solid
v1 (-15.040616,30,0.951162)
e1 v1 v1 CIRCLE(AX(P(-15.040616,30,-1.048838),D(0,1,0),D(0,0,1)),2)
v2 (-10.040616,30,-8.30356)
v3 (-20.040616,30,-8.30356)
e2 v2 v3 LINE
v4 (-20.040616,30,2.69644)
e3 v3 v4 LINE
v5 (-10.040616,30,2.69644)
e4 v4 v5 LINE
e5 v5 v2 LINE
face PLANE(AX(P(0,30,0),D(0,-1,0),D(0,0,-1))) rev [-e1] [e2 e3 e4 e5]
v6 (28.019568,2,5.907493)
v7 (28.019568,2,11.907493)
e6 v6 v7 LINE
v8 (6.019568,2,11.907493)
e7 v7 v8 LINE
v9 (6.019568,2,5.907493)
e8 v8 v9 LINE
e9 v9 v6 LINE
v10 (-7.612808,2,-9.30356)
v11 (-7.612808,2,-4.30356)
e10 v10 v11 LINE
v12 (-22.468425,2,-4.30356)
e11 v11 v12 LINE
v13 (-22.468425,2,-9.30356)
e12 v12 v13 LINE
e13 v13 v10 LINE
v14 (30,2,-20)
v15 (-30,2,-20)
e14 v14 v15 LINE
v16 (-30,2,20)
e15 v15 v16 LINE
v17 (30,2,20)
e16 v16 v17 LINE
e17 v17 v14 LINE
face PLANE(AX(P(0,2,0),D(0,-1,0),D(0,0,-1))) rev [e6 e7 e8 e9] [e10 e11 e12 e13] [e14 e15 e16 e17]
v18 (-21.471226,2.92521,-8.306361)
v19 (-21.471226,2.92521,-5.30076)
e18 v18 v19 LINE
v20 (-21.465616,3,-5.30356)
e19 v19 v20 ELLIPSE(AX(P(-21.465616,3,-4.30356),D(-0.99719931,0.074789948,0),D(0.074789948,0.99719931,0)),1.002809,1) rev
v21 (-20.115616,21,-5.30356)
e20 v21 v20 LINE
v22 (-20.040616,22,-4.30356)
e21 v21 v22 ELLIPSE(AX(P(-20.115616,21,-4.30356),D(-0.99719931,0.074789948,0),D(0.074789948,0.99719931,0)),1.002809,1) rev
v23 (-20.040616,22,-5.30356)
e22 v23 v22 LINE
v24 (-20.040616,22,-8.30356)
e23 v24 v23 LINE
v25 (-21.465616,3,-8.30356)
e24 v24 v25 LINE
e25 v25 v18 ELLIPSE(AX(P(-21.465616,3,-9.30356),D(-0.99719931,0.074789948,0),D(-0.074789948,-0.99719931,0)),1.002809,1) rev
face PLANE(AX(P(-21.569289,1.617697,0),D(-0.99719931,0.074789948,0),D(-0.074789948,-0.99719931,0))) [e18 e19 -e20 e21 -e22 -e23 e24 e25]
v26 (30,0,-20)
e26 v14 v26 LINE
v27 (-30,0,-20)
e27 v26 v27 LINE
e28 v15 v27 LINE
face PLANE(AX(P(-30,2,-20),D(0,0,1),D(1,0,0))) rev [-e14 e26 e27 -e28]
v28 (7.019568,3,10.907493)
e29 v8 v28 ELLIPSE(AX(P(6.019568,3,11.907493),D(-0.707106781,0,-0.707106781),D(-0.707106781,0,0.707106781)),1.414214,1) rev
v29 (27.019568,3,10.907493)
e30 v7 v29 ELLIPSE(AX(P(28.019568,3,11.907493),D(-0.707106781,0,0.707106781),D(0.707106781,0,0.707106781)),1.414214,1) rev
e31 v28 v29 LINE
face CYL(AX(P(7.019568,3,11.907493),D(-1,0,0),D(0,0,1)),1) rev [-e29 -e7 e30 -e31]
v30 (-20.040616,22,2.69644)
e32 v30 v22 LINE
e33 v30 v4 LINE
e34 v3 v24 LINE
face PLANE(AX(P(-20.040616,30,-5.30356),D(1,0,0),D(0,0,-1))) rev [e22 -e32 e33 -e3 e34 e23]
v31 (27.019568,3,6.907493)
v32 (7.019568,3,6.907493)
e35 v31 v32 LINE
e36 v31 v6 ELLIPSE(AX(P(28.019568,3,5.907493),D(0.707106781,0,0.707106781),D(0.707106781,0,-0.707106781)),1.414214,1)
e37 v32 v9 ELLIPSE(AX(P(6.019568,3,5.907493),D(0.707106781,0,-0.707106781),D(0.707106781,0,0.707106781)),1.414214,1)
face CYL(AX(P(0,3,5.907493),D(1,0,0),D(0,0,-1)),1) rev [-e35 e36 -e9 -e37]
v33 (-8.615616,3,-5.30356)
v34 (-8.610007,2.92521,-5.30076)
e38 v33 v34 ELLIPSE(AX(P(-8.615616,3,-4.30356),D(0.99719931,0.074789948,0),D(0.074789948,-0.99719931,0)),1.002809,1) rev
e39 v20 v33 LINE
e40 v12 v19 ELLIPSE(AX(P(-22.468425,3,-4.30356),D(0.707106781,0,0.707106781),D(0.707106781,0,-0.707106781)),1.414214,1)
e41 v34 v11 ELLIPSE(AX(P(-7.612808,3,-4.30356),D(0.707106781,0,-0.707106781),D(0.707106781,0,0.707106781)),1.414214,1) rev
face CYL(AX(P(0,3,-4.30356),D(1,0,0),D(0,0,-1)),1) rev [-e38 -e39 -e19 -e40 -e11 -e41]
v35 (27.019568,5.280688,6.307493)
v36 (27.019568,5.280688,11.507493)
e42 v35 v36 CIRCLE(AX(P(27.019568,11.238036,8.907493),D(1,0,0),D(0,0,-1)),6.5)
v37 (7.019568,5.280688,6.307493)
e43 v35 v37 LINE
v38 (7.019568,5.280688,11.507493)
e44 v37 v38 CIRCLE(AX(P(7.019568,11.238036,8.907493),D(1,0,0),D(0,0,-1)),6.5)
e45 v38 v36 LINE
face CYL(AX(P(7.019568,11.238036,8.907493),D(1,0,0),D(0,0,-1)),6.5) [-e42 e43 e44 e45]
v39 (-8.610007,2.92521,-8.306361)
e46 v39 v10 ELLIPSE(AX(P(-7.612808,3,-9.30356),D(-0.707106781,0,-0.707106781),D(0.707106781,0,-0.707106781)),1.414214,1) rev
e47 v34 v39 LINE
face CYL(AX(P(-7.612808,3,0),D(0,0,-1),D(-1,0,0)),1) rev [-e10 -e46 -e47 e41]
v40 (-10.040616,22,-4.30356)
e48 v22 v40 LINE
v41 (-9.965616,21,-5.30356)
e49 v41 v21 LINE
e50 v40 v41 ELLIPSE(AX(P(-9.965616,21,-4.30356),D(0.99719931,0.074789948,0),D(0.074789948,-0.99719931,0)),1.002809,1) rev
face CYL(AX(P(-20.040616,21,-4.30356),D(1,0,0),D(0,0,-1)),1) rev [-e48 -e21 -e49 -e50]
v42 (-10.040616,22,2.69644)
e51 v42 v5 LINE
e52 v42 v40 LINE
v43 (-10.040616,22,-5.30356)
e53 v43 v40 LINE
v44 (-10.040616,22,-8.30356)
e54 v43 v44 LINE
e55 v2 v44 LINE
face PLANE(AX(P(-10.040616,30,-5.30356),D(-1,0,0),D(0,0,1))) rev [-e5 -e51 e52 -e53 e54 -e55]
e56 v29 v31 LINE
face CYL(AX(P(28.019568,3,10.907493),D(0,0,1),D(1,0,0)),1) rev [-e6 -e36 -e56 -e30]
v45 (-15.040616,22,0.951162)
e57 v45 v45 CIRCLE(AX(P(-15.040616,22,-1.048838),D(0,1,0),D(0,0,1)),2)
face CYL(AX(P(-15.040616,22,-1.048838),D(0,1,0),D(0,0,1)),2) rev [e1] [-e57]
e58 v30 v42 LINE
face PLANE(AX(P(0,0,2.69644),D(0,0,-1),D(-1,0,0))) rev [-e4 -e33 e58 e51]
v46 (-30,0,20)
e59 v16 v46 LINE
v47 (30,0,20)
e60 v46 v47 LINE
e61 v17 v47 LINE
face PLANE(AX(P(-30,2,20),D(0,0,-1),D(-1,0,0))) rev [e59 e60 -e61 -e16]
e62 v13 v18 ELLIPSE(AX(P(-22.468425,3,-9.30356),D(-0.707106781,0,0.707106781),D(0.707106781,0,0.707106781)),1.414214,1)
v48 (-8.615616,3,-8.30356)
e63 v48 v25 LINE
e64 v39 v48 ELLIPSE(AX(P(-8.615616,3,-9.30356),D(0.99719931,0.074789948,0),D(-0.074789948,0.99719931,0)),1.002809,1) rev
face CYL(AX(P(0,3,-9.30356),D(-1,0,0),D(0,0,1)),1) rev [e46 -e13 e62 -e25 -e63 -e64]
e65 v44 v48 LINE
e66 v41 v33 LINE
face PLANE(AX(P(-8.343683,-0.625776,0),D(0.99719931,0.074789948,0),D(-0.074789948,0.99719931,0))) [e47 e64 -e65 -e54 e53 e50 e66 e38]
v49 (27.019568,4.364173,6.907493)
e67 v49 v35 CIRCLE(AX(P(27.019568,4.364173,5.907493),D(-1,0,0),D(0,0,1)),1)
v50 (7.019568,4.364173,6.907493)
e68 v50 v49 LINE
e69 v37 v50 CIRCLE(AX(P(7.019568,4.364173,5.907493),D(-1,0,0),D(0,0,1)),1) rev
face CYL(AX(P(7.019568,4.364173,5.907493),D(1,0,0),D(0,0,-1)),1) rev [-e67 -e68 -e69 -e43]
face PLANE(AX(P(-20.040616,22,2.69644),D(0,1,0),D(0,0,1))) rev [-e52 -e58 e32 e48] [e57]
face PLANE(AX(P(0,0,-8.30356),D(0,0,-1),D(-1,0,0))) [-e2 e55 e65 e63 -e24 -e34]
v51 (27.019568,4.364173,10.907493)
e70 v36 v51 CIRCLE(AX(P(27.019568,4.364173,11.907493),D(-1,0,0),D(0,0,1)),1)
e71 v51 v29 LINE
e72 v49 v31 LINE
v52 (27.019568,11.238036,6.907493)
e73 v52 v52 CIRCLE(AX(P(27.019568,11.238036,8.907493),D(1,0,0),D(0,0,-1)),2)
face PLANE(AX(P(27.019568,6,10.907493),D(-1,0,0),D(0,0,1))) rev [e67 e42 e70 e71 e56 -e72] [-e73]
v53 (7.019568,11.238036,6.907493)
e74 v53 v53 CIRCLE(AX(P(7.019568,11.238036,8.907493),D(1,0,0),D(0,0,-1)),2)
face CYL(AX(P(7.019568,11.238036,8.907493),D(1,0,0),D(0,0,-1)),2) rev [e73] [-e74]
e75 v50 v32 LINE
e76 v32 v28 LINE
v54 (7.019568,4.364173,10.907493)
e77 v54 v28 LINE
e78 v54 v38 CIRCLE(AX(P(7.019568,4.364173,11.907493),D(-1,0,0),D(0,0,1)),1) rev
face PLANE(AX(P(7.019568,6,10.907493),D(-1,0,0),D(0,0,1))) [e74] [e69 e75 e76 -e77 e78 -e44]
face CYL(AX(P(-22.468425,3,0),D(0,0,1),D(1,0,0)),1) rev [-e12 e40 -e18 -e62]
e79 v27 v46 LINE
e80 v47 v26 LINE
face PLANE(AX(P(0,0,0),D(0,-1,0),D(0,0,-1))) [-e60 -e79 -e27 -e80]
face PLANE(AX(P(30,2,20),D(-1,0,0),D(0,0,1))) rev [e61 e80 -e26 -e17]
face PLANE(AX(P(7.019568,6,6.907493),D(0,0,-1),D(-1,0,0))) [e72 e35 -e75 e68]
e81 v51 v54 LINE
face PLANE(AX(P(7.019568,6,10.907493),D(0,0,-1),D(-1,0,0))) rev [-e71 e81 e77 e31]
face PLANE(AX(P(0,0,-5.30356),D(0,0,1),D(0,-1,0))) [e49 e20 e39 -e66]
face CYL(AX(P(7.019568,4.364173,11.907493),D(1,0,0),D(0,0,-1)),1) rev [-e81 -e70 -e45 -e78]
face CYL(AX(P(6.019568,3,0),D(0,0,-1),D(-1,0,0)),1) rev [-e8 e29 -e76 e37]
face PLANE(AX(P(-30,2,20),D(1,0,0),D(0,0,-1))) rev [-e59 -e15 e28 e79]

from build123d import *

# Parameters (mm, degrees)
SKETCH1_W           = 60
SKETCH1_H           = 40
BOSS_EXTRUDE1_DEPTH = 2
SKETCH4_W           = 10
SKETCH4_H           = 3
BOSS_EXTRUDE2_DEPTH = 8
SKETCH6_W           = 10
SKETCH6_H           = 8
BOSS_EXTRUDE5_DEPTH = 8
SKETCH8_R           = 2
CUT_EXTRUDE2_DEPTH  = 8
SKETCH9_W           = 20
SKETCH9_H           = 4
BOSS_EXTRUDE6_DEPTH = 4
SKETCH10_R          = 6.5
SKETCH10_R_2        = 2
BOSS_EXTRUDE7_DEPTH = 20
FILLET1_R           = 1
FILLET2_R           = 1
FILLET3_R           = 1


with BuildPart() as part:
    # Sketch1 → Boss-Extrude1 (new body)
    with BuildSketch(Plane(origin=(0, 0, 0), x_dir=(1, 0, 0), z_dir=(0, 1, 0))):
        Rectangle(SKETCH1_W, SKETCH1_H)
    extrude(amount=BOSS_EXTRUDE1_DEPTH)

    # Sketch3 → Loft1 section 0
    with BuildSketch(Plane(origin=(0, 22, 0), x_dir=(1, 0, 0), z_dir=(0, 1, 0))):
        with BuildLine():
            Line((-20.040616465, 5.303560218), (-10.040616465, 5.303560218))
            Line((-10.040616465, 5.303560218), (-10.040616465, 8.303560218))
            Line((-10.040616465, 8.303560218), (-20.040616465, 8.303560218))
            Line((-20.040616465, 8.303560218), (-20.040616465, 5.303560218))
        make_face()
    # Sketch2 → Loft1 section 1
    with BuildSketch(Plane(origin=(0, 2, 0), x_dir=(1, 0, 0), z_dir=(0, 1, 0))):
        with BuildLine():
            Line((-21.540616465, 5.303560218), (-8.540616465, 5.303560218))
            Line((-8.540616465, 5.303560218), (-8.540616465, 8.303560218))
            Line((-8.540616465, 8.303560218), (-21.540616465, 8.303560218))
            Line((-21.540616465, 8.303560218), (-21.540616465, 5.303560218))
        make_face()
    loft()

    # Sketch4 → Boss-Extrude2 (add)
    with BuildSketch(Plane(origin=(0, 22, 0), x_dir=(1, 0, 0), z_dir=(0, 1, 0))):
        with Locations((-15.040616465, 6.803560218)):
            Rectangle(SKETCH4_W, SKETCH4_H)
    extrude(amount=BOSS_EXTRUDE2_DEPTH)

    # Sketch6 → Boss-Extrude5 (add)
    with BuildSketch(Plane.XY.offset(-5.303560218)):
        with Locations((-15.040616465, 26)):
            Rectangle(SKETCH6_W, SKETCH6_H)
    extrude(amount=BOSS_EXTRUDE5_DEPTH)

    # Sketch8 → Cut-Extrude2 (cut)
    with BuildSketch(Plane(origin=(0, 30, 0), x_dir=(1, 0, 0), z_dir=(0, 1, 0))):
        with Locations(Location((-15.040616465, 1.048838028, 0), (0, 0, 270))):
            Circle(SKETCH8_R)
    extrude(amount=-CUT_EXTRUDE2_DEPTH, mode=Mode.SUBTRACT)

    # Sketch9 → Boss-Extrude6 (add)
    with BuildSketch(Plane(origin=(0, 2, 0), x_dir=(1, 0, 0), z_dir=(0, 1, 0))):
        with Locations((17.019567568, -8.907492708)):
            Rectangle(SKETCH9_W, SKETCH9_H)
    extrude(amount=BOSS_EXTRUDE6_DEPTH)

    # Sketch10 → Boss-Extrude7 (add)
    with BuildSketch(Plane(origin=(27.019567568, 0, 0), x_dir=(0, 0, -1), z_dir=(1, 0, 0))):
        with Locations((-8.907492708, 11.238036321)):
            Circle(SKETCH10_R)
        with Locations((-8.907492708, 11.238036321)):
            Circle(SKETCH10_R_2, mode=Mode.SUBTRACT)
    extrude(amount=-BOSS_EXTRUDE7_DEPTH)

    # Fillet1
    fillet1_edges = [part.edges().sort_by_distance(p)[0] for p in [
        (-21.540616465, 2, -6.803560218),
        (-15.040616465, 2, -5.303560218),
        (-15.040616465, 2, -8.303560218),
        (-8.540616465, 2, -6.803560218),
    ]]
    fillet(fillet1_edges, radius=FILLET1_R)

    # Fillet2
    fillet2_edges = [part.edges().sort_by_distance(p)[0] for p in [
        (-15.040616465, 22, -5.303560218),
    ]]
    fillet(fillet2_edges, radius=FILLET2_R)

    # Fillet3
    fillet3_edges = [part.edges().sort_by_distance(p)[0] for p in [
        (17.019567568, 2, 10.907492708),
        (27.019567568, 2, 8.907492708),
        (7.019567568, 2, 8.907492708),
        (17.019567568, 2, 6.907492708),
        (17.019567568, 5.053377883, 6.907492708),
        (17.019567568, 5.053377883, 10.907492708),
    ]]
    fillet(fillet3_edges, radius=FILLET3_R)


solid = part.part
